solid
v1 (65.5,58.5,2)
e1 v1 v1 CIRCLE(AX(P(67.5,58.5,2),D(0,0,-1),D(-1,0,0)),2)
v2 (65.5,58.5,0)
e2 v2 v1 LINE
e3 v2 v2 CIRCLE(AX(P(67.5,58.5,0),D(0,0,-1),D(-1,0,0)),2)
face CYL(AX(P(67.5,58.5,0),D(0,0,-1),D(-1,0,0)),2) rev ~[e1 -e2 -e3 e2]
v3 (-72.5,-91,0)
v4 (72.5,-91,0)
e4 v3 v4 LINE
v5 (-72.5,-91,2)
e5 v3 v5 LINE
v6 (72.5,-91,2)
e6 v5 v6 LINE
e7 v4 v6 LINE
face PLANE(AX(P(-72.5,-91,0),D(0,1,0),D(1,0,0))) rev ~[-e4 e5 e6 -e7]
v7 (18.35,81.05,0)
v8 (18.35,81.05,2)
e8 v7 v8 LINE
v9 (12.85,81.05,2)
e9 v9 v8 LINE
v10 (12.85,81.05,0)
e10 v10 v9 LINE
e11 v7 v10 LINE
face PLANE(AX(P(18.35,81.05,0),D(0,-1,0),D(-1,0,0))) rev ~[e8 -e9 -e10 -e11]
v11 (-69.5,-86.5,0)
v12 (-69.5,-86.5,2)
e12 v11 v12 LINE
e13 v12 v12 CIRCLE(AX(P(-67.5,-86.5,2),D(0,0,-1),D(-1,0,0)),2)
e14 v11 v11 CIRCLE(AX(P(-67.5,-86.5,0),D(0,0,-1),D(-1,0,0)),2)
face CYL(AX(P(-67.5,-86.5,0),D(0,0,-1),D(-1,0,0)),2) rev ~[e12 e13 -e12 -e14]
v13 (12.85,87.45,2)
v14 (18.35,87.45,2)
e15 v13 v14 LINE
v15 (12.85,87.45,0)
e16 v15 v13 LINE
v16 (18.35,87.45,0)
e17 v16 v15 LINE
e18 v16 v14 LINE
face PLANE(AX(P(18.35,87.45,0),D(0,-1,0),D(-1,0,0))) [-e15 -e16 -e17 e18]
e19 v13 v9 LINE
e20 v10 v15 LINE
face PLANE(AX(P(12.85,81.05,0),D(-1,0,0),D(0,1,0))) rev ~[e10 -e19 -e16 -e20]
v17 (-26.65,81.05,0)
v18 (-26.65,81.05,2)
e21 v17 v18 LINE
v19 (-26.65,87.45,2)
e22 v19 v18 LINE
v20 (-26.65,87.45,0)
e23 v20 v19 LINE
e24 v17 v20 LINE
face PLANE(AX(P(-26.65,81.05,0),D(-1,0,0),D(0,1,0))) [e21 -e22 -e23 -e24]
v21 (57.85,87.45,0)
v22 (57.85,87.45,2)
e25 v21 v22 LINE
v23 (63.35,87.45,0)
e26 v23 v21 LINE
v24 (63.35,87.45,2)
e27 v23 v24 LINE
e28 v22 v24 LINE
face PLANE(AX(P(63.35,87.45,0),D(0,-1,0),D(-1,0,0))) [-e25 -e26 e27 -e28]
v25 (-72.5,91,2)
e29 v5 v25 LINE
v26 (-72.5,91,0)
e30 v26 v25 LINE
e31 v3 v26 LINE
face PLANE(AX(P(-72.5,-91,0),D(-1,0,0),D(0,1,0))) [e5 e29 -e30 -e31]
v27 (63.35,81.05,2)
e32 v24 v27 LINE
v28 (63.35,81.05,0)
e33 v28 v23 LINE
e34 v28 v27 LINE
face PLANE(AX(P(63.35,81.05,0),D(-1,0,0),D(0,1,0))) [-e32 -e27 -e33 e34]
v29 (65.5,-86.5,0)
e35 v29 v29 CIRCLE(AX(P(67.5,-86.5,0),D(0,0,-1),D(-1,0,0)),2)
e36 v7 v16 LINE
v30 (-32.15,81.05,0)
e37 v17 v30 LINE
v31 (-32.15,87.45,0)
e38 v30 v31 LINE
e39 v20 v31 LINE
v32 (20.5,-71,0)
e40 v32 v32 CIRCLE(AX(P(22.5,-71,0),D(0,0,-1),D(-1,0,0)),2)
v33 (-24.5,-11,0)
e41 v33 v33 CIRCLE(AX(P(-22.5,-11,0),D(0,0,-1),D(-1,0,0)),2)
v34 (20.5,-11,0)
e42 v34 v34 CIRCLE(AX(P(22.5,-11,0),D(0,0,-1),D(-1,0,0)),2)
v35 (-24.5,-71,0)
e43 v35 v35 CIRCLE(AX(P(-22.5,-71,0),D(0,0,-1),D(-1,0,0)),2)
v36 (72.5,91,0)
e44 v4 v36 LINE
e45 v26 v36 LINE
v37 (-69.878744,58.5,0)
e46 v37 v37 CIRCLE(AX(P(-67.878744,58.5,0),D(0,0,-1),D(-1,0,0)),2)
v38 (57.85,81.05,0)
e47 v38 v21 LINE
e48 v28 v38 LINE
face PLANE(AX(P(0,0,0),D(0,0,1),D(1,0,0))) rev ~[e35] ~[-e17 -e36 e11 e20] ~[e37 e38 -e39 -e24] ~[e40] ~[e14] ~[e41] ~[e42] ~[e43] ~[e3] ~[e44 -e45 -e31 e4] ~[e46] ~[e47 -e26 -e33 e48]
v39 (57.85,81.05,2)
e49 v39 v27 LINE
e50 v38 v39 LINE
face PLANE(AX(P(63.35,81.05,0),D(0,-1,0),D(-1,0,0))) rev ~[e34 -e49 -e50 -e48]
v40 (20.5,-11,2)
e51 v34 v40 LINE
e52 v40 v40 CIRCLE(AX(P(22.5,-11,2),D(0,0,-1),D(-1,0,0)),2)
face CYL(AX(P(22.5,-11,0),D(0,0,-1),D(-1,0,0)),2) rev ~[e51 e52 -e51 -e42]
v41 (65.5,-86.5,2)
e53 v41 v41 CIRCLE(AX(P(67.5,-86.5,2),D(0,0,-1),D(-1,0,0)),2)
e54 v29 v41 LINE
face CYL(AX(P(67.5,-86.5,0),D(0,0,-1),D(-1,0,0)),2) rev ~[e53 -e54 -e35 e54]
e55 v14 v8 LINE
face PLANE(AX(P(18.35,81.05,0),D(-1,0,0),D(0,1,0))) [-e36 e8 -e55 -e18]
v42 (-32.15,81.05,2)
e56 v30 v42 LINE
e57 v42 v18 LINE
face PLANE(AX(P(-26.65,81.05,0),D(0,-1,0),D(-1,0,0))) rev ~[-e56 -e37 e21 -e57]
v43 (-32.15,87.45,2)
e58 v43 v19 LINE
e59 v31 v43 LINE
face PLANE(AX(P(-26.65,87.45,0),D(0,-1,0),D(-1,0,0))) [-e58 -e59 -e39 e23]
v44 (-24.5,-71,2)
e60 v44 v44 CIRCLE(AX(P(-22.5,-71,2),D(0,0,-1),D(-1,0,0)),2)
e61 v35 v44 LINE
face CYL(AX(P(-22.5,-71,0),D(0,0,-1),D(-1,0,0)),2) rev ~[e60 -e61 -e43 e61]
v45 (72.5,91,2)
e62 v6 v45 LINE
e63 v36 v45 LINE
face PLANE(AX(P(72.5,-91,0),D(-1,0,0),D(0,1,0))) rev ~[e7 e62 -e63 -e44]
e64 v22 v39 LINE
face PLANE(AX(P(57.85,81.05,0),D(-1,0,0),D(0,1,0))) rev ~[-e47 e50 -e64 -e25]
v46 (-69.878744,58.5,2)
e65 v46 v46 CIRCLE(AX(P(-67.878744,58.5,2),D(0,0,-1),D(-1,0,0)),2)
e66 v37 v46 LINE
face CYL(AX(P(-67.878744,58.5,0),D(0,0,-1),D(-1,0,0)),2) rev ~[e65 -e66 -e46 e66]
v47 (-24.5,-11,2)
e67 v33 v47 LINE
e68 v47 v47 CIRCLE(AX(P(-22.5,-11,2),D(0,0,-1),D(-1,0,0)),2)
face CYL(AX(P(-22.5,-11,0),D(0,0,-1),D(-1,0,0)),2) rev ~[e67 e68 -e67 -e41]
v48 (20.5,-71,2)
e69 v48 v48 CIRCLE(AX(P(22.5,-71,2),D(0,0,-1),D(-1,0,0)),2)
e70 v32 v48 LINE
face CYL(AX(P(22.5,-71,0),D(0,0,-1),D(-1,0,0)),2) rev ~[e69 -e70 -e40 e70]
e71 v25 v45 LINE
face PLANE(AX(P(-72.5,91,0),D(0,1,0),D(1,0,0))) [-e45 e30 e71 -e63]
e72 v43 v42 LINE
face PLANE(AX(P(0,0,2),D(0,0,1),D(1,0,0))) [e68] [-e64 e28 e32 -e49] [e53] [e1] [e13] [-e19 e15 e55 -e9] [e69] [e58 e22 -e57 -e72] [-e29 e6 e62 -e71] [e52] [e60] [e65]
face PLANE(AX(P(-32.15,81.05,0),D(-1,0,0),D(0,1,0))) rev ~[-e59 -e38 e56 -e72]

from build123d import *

# Parameters (mm, degrees)
SZKIC1_W                    = 145
SZKIC1_H                    = 182
DODANIE_WYCI_GNI_CIE1_DEPTH = 2
SZKIC2_R                    = 2
WYTNIJ_WYCI_GNI_CIE1_DEPTH  = 32
SZKIC3_W                    = 5.5
SZKIC3_H                    = 6.4
WYTNIJ_WYCI_GNI_CIE2_DEPTH  = 32
SZKIC4_R                    = 2
WYTNIJ_WYCI_GNI_CIE3_DEPTH  = 12


with BuildPart() as part:
    # Szkic1 → Dodanie-wyciągnięcie1 (new body)
    with BuildSketch(Plane.XY):
        Rectangle(SZKIC1_W, SZKIC1_H)
    extrude(amount=DODANIE_WYCI_GNI_CIE1_DEPTH)

    # Szkic2 → Wytnij-wyciągnięcie1 (cut)
    with BuildSketch(Plane(origin=(0, 0, 0), x_dir=(-1, 0, 0), z_dir=(0, 0, -1))):
        with Locations((-22.5, -11)):
            Circle(SZKIC2_R)
        with Locations((-22.5, -71)):
            Circle(SZKIC2_R)
        with Locations((22.5, -71)):
            Circle(SZKIC2_R)
        with Locations((22.5, -11)):
            Circle(SZKIC2_R)
    extrude(amount=-WYTNIJ_WYCI_GNI_CIE1_DEPTH, mode=Mode.SUBTRACT)

    # Szkic3 → Wytnij-wyciągnięcie2 (cut)
    with BuildSketch(Plane(origin=(0, 0, 0), x_dir=(-1, 0, 0), z_dir=(0, 0, -1))):
        with Locations((-15.6, 84.25)):
            Rectangle(SZKIC3_W, SZKIC3_H)
        with Locations((29.4, 84.25)):
            Rectangle(SZKIC3_W, SZKIC3_H)
        with Locations((-60.6, 84.25)):
            Rectangle(SZKIC3_W, SZKIC3_H)
    extrude(amount=-WYTNIJ_WYCI_GNI_CIE2_DEPTH, mode=Mode.SUBTRACT)

    # Szkic4 → Wytnij-wyciągnięcie3 (cut)
    with BuildSketch(Plane(origin=(0, 0, 0), x_dir=(-1, 0, 0), z_dir=(0, 0, -1))):
        with Locations((67.5, -86.5)):
            Circle(SZKIC4_R)
        with Locations((-67.5, -86.5)):
            Circle(SZKIC4_R)
        with Locations((-67.5, 58.5)):
            Circle(SZKIC4_R)
        with Locations((67.878744236, 58.5)):
            Circle(SZKIC4_R)
    extrude(amount=-WYTNIJ_WYCI_GNI_CIE3_DEPTH, mode=Mode.SUBTRACT)


solid = part.part
